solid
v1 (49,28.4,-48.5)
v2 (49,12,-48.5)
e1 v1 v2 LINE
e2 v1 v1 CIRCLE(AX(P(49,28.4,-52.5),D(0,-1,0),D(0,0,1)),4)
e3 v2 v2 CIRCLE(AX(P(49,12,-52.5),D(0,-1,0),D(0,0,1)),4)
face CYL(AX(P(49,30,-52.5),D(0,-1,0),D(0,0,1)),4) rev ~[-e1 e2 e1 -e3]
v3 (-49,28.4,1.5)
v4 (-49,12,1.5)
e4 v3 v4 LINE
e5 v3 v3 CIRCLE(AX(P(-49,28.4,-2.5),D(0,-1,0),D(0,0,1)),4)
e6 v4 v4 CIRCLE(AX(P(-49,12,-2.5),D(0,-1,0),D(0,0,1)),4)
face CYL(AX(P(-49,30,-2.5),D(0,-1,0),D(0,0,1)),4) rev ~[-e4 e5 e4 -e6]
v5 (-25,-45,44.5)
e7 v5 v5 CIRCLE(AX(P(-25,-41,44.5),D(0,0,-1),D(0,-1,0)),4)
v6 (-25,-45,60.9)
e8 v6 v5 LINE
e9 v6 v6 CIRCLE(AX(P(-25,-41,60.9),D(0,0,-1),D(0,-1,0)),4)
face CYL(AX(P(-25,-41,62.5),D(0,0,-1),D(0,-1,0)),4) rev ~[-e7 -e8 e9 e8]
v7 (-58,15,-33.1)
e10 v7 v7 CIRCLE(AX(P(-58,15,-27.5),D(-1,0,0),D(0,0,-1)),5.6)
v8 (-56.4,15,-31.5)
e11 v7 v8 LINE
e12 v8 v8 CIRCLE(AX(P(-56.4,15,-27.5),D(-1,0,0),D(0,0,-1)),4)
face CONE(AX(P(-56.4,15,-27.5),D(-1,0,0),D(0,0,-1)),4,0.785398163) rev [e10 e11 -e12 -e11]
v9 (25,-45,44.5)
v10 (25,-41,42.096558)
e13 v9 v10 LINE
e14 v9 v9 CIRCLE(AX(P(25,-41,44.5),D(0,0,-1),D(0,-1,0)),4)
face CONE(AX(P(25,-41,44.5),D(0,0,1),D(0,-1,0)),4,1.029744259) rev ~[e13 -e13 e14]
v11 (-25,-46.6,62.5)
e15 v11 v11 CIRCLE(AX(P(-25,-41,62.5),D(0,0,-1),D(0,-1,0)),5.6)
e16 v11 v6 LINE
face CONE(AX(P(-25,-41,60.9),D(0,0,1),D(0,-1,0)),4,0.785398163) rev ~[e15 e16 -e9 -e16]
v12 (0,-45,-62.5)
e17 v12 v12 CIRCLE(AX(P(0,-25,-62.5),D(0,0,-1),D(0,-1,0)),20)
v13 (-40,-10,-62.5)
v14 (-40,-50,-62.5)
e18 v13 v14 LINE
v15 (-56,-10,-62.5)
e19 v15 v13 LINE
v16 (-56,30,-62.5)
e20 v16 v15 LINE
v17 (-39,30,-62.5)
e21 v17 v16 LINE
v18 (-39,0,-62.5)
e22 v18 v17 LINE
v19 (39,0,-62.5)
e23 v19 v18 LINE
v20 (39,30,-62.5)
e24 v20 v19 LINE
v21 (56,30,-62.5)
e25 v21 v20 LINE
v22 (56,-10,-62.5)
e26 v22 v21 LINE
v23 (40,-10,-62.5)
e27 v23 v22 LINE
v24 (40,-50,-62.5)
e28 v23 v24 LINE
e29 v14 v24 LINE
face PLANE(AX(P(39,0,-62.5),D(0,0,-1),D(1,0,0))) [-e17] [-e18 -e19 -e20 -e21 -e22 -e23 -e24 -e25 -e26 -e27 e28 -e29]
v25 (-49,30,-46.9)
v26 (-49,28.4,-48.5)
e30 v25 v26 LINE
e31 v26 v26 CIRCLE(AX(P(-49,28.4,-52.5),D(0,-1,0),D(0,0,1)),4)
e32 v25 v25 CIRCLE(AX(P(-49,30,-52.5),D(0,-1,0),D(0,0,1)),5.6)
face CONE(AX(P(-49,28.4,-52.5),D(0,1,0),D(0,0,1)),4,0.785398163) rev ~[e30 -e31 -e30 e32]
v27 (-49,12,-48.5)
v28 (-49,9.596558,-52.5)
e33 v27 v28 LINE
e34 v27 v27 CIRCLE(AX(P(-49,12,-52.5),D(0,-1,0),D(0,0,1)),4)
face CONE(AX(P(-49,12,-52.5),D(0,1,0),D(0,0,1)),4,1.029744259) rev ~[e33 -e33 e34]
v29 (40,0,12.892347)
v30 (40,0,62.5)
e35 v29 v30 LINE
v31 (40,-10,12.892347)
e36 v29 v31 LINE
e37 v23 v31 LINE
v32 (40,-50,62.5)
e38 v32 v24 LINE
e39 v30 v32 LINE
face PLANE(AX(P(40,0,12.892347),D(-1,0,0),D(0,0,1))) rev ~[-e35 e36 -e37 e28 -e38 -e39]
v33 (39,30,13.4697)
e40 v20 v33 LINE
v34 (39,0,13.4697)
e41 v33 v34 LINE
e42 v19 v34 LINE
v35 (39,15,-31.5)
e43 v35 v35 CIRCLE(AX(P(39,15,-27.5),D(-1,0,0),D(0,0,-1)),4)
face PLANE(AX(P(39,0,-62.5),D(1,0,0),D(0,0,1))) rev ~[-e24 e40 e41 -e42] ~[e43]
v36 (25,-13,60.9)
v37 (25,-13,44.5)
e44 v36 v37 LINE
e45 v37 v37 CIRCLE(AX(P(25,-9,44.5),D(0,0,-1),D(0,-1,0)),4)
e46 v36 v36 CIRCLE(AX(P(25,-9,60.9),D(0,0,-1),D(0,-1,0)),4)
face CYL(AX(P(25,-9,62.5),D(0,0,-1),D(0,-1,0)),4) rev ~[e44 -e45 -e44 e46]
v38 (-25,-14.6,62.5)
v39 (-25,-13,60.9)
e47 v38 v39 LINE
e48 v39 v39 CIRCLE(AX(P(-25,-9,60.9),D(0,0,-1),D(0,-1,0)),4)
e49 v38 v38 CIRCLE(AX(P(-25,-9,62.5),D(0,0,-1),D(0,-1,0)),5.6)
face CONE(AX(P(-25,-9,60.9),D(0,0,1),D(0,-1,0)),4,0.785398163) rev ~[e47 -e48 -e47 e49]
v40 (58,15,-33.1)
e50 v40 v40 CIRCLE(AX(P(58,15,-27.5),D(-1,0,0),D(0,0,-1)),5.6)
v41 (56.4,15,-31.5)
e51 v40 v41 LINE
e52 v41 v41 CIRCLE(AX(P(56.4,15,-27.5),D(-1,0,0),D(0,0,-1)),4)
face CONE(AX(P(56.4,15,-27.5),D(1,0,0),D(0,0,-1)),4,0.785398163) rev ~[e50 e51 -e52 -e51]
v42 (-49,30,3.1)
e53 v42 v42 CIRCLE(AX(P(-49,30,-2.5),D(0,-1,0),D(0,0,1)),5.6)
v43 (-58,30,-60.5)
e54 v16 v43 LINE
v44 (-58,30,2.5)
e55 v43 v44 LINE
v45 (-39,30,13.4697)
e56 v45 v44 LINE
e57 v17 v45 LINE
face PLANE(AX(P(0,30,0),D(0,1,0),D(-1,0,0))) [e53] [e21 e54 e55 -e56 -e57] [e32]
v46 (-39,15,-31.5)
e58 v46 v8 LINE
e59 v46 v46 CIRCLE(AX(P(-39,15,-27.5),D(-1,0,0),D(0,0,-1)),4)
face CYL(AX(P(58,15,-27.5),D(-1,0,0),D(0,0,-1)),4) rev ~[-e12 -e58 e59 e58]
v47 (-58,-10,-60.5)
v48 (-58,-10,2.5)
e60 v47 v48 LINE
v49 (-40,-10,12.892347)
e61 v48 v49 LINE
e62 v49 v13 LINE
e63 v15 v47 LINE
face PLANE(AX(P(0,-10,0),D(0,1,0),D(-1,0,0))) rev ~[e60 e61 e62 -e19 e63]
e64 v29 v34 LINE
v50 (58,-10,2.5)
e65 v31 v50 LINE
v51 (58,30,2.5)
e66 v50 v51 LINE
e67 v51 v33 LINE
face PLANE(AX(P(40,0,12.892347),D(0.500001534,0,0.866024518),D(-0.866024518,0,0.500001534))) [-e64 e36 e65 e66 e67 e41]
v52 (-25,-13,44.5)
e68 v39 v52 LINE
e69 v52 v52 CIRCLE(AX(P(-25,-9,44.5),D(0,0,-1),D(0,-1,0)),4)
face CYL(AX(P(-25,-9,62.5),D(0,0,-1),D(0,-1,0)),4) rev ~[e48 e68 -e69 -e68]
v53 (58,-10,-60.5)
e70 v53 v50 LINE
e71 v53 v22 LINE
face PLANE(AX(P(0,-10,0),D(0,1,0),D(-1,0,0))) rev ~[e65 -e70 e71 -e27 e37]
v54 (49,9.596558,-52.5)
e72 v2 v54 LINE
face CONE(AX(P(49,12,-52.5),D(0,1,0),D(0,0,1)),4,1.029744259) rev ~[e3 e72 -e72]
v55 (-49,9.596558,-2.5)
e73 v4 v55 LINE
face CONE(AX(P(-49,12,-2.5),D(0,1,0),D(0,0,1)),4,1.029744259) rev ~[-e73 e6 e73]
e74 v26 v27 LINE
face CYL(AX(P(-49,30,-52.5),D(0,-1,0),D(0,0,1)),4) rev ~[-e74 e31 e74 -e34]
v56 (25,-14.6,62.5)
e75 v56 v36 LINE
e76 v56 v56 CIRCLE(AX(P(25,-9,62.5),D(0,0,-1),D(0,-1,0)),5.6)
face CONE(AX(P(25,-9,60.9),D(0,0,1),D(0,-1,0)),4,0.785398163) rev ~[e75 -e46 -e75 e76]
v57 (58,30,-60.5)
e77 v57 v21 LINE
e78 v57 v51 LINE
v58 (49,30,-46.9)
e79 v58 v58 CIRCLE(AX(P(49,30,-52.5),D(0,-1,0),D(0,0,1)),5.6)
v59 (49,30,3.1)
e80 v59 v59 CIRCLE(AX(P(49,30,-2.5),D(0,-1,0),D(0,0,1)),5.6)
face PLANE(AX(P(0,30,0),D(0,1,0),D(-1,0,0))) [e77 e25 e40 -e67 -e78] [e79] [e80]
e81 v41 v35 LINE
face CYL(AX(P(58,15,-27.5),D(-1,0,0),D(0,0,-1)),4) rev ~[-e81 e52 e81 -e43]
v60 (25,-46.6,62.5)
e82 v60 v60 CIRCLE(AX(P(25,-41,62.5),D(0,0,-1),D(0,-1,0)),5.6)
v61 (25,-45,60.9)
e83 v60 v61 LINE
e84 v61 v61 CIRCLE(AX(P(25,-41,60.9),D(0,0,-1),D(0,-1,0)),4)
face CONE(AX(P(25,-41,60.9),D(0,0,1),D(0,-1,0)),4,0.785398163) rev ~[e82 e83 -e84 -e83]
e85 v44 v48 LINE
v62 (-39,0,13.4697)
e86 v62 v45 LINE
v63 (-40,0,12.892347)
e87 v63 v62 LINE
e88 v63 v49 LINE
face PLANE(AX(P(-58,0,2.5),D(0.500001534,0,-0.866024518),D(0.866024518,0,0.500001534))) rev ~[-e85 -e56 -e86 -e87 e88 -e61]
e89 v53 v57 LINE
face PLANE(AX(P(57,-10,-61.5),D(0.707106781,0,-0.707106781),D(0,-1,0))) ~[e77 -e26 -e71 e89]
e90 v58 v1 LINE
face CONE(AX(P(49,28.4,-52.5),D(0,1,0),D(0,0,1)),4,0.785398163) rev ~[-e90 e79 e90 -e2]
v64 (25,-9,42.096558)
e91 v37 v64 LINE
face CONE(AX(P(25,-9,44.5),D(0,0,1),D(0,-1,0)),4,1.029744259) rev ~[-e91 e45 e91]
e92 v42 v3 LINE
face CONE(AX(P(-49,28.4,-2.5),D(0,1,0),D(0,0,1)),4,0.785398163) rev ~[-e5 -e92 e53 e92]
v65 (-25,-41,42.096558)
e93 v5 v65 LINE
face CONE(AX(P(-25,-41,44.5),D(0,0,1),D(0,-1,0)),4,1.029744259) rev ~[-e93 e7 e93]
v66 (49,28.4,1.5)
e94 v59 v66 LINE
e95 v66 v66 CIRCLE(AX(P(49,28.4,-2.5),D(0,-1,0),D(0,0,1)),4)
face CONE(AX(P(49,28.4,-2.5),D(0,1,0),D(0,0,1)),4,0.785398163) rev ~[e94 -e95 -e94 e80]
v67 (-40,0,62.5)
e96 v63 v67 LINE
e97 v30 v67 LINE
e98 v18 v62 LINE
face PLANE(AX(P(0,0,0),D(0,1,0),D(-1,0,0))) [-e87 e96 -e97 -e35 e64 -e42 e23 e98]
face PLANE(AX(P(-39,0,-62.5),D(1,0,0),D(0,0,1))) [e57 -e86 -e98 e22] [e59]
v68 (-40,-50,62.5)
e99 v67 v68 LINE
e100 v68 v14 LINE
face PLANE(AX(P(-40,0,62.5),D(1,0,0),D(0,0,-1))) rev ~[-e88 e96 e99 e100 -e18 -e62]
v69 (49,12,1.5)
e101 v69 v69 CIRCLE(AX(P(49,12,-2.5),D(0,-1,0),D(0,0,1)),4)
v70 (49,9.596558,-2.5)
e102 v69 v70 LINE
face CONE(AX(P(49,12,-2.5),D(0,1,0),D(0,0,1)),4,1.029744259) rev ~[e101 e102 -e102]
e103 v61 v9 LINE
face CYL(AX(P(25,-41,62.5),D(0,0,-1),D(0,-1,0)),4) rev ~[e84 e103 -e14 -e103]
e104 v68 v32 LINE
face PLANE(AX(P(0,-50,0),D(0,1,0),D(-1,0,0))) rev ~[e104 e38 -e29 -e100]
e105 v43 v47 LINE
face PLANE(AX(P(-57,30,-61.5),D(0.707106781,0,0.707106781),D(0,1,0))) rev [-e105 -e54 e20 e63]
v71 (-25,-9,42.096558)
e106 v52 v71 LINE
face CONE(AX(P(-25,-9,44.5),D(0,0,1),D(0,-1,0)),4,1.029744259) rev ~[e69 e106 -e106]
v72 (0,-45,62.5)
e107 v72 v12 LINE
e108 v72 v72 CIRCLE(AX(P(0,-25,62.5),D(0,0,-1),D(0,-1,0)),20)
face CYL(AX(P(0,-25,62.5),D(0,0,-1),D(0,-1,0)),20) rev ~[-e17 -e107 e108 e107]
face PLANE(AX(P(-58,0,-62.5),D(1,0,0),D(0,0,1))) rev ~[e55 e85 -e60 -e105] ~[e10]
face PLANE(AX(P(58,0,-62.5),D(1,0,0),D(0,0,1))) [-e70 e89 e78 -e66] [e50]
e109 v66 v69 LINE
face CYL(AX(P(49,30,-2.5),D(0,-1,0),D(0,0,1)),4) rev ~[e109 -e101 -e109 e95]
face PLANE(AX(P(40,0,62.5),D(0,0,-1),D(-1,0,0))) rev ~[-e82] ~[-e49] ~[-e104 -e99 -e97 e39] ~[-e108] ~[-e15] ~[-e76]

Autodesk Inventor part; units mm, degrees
ref_plane "YZ Plane" through (0, 0, 0) normal (1, 0, 0) x (0, 1, 0)
ref_plane "XZ Plane" through (0, 0, 0) normal (0, 1, 0) x (-1, 0, 0)
ref_plane "XY Plane" through (0, 0, 0) normal (0, 0, 1) x (1, 0, 0)
sketch "Эскиз1" plane through (0, 0, 0) normal (0, 1, 0) x (-1, 0, 0)
  line L0 (-40, 62.5) -> (40, 62.5)
  line L1 (40, 62.5) -> (40, -62.5)
  line L2 (40, -62.5) -> (-40, -62.5)
  line L3 (-40, -62.5) -> (-40, 62.5)
  line L4 (-40, 62.5) -> (40, -62.5) construction
  line L5 (40, 62.5) -> (-40, -62.5) construction
  line L6 (0, -62.5) -> (-58, -62.5)
  line L7 (-58, -62.5) -> (-58, 2.5)
  line L8 (-58, 2.5) -> (-39, 13.4697)
  line L9 (-58, -62.5) -> (-39, -62.5)
  line L10 (-39, -62.5) -> (-39, 13.4697)
  line L11 (0, 62.5) -> (0, -62.5)
  line L12 (0, -62.5) -> (58, -62.5)
  line L13 (58, -62.5) -> (58, 2.5)
  line L14 (58, 2.5) -> (39, 13.4697)
  line L15 (39, -62.5) -> (39, 13.4697)
  point P0 (0, 0)
  point P1 (-40, 12.8923)
  point P2 (40, 12.8923)
  dimension "d0" = 80
  dimension "d1" = 125
  dimension "d2" = 58
  dimension "d3" = 65
  dimension "d4" = 120
  dimension "d5" = 19
extrude "Выдавливание1" add sketch "Эскиз1" along normal blind 30 and the other way blind 10 contours L8 L10 L2 L3 | L3 L6 L7 L8 | L14 L13 L12 L1 | L1 L2 L15 L14
extrude "Выдавливание2" add sketch "Эскиз1" against normal blind 50 contours L0 L11 L2 L10 L8 L3 | L0 L1 L14 L15 L2 L11 | L8 L10 L2 L3 | L1 L2 L15 L14
sketch "Эскиз3" plane through (0, 30, 0) normal (0, 1, 0) x (1, 0, 0)
  line L0 (39, 62.5) -> (-39, 62.5) projected
  line L1 (0, 62.5) -> (49, 62.5)
  line L2 (49, 62.5) -> (49, 52.5)
  line L3 (49, 52.5) -> (49, 2.5)
  point P0 (0, 0)
  point P1 (40, 62.5)
  point P2 (-40, 62.5)
  dimension "d15" = 49
  dimension "d16" = 10
  dimension "d17" = 50
hole "Отверстие1" at (49, 30, -2.5) at (49, 30, -52.5) direction (0, -1, 0) diameter 8 depth 18 tip angle 118
thread "Резьба1" size "M8x1.25" class "6H" standard "ANSI Metric M Profile" length 13
thread "Резьба2" size "M8x1.25" class "6H" standard "ANSI Metric M Profile" length 13
sketch "Эскиз4" plane through (0, 30, 0) normal (0, 1, 0) x (1, 0, 0)
  line L0 (39, 62.5) -> (-39, 62.5) projected
  line L1 (0, 62.5) -> (-49, 62.5)
  line L2 (-49, 62.5) -> (-49, 52.5)
  line L3 (-49, 52.5) -> (-49, 2.5)
  point P0 (0, 0)
  dimension "d29" = 49
  dimension "d30" = 10
  dimension "d31" = 50
hole "Отверстие2" at (-49, 30, -52.5) at (-49, 30, -2.5) direction (0, -1, 0) diameter 8 depth 18 tip angle 118
thread "Резьба3" size "M8x1.25" class "6H" standard "ANSI Metric M Profile" length 13
thread "Резьба4" size "M8x1.25" class "6H" standard "ANSI Metric M Profile" length 13
sketch "Эскиз5" plane through (-40, 0, 62.5) normal (0, 0, 1) x (1, 0, 0)
  line L0 (40, 0) -> (40, -50)
  line L1 (0, -50) -> (80, -50) projected
  line L2 (0, -10) -> (0, -50) projected
  line L3 (0, -25) -> (80, -25)
  line L4 (80, -10) -> (80, -50) projected
  line L5 (15, -41) -> (65, -41)
  line L6 (65, -41) -> (65, -9)
  line L7 (65, -9) -> (15, -9)
  line L8 (15, -9) -> (15, -41)
  line L9 (15, -41) -> (65, -9) construction
  line L10 (65, -41) -> (15, -9) construction
  point P0 (40, -25)
  dimension "d44" = 50
  dimension "d45" = 32
hole "Отверстие3" at (0, -25, 62.5) direction (0, 0, -1) diameter 40 end through all
hole "Отверстие4" at (25, -41, 62.5) at (-25, -41, 62.5) at (-25, -9, 62.5) at (25, -9, 62.5) direction (0, 0, -1) diameter 8 depth 18 tip angle 118
thread "Резьба5" size "M8x1.25" class "6H" standard "ANSI Metric M Profile" length 13
thread "Резьба6" size "M8x1.25" class "6H" standard "ANSI Metric M Profile" length 13
thread "Резьба7" size "M8x1.25" class "6H" standard "ANSI Metric M Profile" length 13
thread "Резьба8" size "M8x1.25" class "6H" standard "ANSI Metric M Profile" length 13
sketch "Эскиз6" plane through (58, -10, -62.5) normal (1, 0, 0) x (0, 0, -1)
  line L0 (0, 10) -> (0, 40) projected
  line L1 (0, 10) -> (0, 25)
  line L2 (0, 25) -> (-35, 25)
  point P0 (-62.5, 10)
  dimension "d69" = 15
  dimension "d70" = 35
hole "Отверстие5" at (58, 15, -27.5) direction (-1, 0, 0) diameter 8 depth 116
chamfer "Фаска1" distance 1.6 angle 45 1 edges at (-58, 15, -23.5)
chamfer "Фаска2" distance 1.6 angle 45 1 edges at (58, 15, -23.5)
chamfer "Фаска3" distance 1.6 angle 45 4 edges at (-25, -37, 62.5) (25, -37, 62.5) (-25, -5, 62.5) (25, -5, 62.5)
thread "Резьба9" size "M8x1.25" class "6H" standard "ANSI Metric M Profile" full length
chamfer "Фаска4" distance 1.6 angle 45 4 edges at (49, 30, -56.5) (49, 30, -6.5) (-49, 30, -56.5) (-49, 30, -6.5)
chamfer "Фаска5" distance 2 angle 45 2 edges at (58, 10, -62.5) (-58, 10, -62.5)
properties part number "Губка-2"
